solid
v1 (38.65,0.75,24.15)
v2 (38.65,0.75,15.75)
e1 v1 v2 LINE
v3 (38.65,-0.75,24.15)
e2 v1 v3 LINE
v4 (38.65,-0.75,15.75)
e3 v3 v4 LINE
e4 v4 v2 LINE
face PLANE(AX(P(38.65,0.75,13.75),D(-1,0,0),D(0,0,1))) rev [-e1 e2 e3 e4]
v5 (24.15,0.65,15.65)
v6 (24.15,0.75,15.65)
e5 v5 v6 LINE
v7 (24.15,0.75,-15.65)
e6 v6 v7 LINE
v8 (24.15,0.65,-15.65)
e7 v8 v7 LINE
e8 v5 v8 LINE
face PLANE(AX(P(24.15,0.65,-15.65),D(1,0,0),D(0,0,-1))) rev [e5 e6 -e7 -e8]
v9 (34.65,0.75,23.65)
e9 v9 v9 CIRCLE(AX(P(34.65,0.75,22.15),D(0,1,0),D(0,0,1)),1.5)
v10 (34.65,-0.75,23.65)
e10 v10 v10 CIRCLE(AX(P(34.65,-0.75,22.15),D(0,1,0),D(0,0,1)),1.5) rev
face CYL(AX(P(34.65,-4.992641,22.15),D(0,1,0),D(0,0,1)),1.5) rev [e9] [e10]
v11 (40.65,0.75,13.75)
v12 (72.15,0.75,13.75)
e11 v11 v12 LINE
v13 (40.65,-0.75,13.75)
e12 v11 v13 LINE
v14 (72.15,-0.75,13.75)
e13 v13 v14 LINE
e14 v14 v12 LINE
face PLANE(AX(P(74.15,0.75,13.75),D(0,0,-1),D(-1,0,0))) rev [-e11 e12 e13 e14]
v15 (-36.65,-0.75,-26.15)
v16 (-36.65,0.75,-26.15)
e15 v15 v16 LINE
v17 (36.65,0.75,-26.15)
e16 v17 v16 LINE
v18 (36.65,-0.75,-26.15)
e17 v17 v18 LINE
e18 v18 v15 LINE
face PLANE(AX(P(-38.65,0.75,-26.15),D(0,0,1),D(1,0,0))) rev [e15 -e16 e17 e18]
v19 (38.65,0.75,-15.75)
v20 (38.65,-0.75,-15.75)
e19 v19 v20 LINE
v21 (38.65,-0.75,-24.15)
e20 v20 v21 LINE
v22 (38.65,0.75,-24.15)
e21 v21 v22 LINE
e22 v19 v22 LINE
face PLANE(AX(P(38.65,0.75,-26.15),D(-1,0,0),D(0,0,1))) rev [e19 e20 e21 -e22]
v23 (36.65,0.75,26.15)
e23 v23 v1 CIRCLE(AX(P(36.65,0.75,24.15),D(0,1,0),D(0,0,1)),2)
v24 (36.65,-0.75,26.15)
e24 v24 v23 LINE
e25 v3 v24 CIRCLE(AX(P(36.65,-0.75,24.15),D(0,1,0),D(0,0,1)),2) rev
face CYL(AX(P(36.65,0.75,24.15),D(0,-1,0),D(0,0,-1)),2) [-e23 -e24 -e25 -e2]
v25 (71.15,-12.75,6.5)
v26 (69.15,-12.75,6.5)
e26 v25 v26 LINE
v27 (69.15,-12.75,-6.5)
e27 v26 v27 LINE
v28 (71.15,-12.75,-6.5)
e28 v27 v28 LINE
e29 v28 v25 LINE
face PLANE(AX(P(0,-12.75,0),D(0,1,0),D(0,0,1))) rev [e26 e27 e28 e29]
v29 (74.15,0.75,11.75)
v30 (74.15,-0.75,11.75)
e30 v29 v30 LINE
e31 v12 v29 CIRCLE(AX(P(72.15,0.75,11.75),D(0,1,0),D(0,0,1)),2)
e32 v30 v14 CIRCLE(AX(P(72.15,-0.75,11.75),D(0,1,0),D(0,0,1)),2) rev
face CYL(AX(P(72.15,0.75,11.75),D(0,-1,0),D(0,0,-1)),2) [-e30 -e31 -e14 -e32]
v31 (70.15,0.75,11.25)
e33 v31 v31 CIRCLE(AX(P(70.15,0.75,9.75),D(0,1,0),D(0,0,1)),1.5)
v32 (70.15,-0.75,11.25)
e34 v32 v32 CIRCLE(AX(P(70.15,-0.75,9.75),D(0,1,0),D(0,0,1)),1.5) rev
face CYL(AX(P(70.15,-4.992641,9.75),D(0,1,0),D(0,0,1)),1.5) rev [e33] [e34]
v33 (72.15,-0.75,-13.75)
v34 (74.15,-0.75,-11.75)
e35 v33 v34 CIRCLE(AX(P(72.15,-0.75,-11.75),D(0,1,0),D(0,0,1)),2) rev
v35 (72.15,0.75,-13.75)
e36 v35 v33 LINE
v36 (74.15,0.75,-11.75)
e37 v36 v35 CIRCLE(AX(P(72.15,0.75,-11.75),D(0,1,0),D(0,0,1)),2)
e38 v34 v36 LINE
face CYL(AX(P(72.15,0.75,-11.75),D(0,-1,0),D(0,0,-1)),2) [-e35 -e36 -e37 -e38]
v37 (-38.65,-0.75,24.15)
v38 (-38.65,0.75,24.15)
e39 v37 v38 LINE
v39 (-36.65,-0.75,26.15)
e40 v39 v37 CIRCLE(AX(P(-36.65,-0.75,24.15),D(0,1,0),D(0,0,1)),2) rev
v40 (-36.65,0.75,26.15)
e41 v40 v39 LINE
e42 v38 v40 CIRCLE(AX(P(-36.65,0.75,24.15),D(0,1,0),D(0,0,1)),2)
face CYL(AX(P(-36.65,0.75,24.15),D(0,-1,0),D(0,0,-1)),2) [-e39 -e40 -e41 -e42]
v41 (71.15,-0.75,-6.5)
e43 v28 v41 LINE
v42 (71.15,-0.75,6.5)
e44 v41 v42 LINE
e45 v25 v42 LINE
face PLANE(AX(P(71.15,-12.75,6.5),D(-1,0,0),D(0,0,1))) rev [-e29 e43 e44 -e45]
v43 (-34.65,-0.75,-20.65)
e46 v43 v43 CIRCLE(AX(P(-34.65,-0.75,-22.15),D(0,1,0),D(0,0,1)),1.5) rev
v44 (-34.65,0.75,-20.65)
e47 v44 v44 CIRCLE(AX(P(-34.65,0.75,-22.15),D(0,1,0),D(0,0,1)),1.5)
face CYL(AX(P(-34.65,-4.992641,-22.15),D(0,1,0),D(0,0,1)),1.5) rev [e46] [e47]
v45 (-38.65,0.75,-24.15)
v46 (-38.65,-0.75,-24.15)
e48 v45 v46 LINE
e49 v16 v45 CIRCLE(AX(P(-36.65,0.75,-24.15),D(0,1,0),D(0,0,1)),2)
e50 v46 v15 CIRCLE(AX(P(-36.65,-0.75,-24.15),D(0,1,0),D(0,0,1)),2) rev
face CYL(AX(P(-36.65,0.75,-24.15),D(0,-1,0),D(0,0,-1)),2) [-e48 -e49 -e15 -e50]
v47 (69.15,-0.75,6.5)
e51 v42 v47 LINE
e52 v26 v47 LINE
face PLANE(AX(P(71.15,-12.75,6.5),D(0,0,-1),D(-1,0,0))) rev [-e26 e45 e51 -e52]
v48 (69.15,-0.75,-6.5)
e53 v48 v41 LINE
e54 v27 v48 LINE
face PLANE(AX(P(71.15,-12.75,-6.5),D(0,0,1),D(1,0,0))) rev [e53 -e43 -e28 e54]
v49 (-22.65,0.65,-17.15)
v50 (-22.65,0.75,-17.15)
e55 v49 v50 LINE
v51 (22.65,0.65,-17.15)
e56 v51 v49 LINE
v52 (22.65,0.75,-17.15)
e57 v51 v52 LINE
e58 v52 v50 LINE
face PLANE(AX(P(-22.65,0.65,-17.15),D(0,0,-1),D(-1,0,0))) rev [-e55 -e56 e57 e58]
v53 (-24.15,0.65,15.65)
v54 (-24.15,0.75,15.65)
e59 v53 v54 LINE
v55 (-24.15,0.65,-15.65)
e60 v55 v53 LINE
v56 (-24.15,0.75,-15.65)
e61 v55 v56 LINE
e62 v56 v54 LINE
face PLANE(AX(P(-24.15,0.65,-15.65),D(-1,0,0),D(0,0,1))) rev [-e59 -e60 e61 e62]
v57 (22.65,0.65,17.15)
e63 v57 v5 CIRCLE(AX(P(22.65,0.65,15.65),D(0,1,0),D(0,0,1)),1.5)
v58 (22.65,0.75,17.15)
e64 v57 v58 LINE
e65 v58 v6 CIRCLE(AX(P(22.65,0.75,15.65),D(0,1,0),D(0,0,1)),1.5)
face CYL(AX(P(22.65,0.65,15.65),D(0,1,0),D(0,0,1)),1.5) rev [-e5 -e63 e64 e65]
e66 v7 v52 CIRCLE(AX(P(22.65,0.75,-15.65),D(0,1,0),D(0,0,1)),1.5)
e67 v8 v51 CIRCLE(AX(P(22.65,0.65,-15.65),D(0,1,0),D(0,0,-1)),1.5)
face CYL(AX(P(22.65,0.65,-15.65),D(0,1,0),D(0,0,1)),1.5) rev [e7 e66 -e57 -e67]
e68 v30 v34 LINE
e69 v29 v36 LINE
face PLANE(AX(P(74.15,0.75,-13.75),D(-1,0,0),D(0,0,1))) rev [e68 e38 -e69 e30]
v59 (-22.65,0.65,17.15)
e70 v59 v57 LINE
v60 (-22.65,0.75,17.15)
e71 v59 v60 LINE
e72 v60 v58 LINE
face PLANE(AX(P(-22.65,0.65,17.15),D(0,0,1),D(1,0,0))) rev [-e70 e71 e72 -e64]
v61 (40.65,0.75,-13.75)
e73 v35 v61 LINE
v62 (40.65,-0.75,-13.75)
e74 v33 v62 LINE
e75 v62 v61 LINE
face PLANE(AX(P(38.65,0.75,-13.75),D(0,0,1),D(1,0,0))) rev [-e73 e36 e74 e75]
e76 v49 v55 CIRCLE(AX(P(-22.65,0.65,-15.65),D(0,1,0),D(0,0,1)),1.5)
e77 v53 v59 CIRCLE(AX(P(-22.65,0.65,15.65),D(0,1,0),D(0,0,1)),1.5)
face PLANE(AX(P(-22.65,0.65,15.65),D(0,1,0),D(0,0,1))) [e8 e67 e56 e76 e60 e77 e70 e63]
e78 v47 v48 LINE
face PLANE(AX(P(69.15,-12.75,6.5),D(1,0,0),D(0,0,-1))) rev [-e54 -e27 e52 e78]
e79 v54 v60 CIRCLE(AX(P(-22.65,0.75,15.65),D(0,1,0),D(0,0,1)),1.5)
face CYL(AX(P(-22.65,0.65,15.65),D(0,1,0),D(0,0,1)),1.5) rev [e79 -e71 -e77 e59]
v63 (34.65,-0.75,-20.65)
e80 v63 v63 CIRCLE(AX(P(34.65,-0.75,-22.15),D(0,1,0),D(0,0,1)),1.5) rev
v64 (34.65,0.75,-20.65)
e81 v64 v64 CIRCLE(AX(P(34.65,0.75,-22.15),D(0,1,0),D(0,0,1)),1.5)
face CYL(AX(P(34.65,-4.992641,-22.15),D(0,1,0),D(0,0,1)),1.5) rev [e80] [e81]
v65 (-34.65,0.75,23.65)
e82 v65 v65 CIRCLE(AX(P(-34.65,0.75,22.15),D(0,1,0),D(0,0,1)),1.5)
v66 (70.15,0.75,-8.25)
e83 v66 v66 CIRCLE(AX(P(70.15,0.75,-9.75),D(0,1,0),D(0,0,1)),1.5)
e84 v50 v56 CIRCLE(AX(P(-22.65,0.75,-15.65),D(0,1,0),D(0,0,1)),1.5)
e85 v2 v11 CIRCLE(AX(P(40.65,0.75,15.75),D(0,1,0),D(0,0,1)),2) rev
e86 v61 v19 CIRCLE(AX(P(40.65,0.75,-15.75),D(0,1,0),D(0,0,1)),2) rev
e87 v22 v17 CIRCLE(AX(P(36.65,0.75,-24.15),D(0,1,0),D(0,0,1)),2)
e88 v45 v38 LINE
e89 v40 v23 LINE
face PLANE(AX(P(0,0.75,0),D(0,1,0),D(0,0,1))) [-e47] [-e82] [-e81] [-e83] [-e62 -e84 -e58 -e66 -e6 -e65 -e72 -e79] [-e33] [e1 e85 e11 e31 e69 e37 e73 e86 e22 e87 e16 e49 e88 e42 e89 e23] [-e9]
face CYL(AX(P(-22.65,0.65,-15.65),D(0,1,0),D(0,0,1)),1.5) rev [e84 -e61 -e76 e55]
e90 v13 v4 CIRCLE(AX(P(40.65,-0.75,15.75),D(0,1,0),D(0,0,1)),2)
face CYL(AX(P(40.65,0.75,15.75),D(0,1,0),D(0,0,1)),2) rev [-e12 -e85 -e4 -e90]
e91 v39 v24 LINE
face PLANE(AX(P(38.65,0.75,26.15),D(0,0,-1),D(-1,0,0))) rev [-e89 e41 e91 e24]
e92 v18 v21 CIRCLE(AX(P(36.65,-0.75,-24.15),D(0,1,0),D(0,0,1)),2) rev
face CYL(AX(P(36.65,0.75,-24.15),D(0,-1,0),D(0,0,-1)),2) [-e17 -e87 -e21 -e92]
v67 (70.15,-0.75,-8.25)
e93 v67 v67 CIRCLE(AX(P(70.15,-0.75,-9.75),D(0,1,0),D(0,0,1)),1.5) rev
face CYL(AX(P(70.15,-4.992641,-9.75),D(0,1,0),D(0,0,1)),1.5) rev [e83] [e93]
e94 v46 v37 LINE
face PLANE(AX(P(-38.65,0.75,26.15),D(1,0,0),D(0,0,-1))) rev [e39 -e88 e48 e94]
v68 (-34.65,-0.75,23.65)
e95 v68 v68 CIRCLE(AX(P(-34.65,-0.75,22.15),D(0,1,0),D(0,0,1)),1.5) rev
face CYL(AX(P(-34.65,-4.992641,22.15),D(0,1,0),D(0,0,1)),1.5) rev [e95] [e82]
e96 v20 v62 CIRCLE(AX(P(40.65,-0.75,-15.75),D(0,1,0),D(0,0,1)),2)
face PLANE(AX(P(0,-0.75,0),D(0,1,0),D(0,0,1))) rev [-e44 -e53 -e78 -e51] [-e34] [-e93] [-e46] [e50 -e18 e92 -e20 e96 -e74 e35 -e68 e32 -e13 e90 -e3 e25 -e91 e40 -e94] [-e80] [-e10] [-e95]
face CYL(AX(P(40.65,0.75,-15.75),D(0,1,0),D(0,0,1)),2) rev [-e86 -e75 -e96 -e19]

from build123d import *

# Parameters (mm, degrees)
BOSS_EXTRUDE1_DEPTH     = 0.75
FILLET1_R               = 2
SKETCH2_R               = 1.5
CUT_EXTRUDE1_DEPTH      = 1.5
CUT_EXTRUDE2_DEPTH      = 0.1
CUT_EXTRUDE2_DEPTH_BACK = 0.1
SKETCH5_W               = 2
SKETCH5_H               = 13
BOSS_EXTRUDE2_DEPTH     = 12


with BuildPart() as part:
    # Sketch1 → Boss-Extrude1 (new, symmetric)
    with BuildSketch(Plane(origin=(0, 0, 0), x_dir=(1, 0, 0), z_dir=(0, 1, 0))):
        Polygon((-38.65, 26.15), (38.65, 26.15), (38.65, 13.75), (74.15, 13.75), (74.15, -13.75), (38.65, -13.75), (38.65, -26.15), (-38.65, -26.15), align=None)
    extrude(amount=BOSS_EXTRUDE1_DEPTH, both=True)

    # Fillet1
    fillet1_edges = [part.edges().sort_by_distance(p)[0] for p in [
        (38.65, 0, -13.75),
        (74.15, 0, -13.75),
        (74.15, 0, 13.75),
        (38.65, 0, 13.75),
        (38.65, 0, 26.15),
        (-38.65, 0, 26.15),
        (-38.65, 0, -26.15),
        (38.65, 0, -26.15),
    ]]
    fillet(fillet1_edges, radius=FILLET1_R)

    # Sketch2 → Cut-Extrude1 (cut)
    with BuildSketch(Plane(origin=(0, 0.75, 0), x_dir=(1, 0, 0), z_dir=(0, 1, 0))):
        with Locations(Location((-34.65, 22.15, 0), (0, 0, 270))):
            Circle(SKETCH2_R)
        with Locations(Location((34.65, 22.15, 0), (0, 0, 270))):
            Circle(SKETCH2_R)
        with Locations(Location((34.65, -22.15, 0), (0, 0, 270))):
            Circle(SKETCH2_R)
        with Locations(Location((-34.65, -22.15, 0), (0, 0, 270))):
            Circle(SKETCH2_R)
        with Locations(Location((70.15, 9.75, 0), (0, 0, 270))):
            Circle(SKETCH2_R)
        with Locations(Location((70.15, -9.75, 0), (0, 0, 270))):
            Circle(SKETCH2_R)
    extrude(amount=-CUT_EXTRUDE1_DEPTH, mode=Mode.SUBTRACT)

    # Sketch4 → Cut-Extrude2 (cut, two sides: drawn at the far end of the back side and taken through both)
    with BuildSketch(Plane(origin=(0, 0.75, 0), x_dir=(1, 0, 0), z_dir=(0, 1, 0)).offset(-CUT_EXTRUDE2_DEPTH_BACK)):
        with BuildLine():
            Line((-22.65, 17.15), (22.65, 17.15))
            ThreePointArc((22.65, 17.15), (23.710660172, 16.710660172), (24.15, 15.65))
            Line((24.15, 15.65), (24.15, -15.65))
            ThreePointArc((24.15, -15.65), (23.710660172, -16.710660172), (22.65, -17.15))
            Line((22.65, -17.15), (-22.65, -17.15))
            ThreePointArc((-22.65, -17.15), (-23.710660172, -16.710660172), (-24.15, -15.65))
            Line((-24.15, -15.65), (-24.15, 15.65))
            ThreePointArc((-24.15, 15.65), (-23.710660172, 16.710660172), (-22.65, 17.15))
        make_face()
    extrude(amount=CUT_EXTRUDE2_DEPTH + CUT_EXTRUDE2_DEPTH_BACK, mode=Mode.SUBTRACT)

    # Sketch5 → Boss-Extrude2 (add)
    with BuildSketch(Plane.XZ.offset(0.75)):
        with Locations((70.15, 0)):
            Rectangle(SKETCH5_W, SKETCH5_H)
    extrude(amount=BOSS_EXTRUDE2_DEPTH)


solid = part.part
